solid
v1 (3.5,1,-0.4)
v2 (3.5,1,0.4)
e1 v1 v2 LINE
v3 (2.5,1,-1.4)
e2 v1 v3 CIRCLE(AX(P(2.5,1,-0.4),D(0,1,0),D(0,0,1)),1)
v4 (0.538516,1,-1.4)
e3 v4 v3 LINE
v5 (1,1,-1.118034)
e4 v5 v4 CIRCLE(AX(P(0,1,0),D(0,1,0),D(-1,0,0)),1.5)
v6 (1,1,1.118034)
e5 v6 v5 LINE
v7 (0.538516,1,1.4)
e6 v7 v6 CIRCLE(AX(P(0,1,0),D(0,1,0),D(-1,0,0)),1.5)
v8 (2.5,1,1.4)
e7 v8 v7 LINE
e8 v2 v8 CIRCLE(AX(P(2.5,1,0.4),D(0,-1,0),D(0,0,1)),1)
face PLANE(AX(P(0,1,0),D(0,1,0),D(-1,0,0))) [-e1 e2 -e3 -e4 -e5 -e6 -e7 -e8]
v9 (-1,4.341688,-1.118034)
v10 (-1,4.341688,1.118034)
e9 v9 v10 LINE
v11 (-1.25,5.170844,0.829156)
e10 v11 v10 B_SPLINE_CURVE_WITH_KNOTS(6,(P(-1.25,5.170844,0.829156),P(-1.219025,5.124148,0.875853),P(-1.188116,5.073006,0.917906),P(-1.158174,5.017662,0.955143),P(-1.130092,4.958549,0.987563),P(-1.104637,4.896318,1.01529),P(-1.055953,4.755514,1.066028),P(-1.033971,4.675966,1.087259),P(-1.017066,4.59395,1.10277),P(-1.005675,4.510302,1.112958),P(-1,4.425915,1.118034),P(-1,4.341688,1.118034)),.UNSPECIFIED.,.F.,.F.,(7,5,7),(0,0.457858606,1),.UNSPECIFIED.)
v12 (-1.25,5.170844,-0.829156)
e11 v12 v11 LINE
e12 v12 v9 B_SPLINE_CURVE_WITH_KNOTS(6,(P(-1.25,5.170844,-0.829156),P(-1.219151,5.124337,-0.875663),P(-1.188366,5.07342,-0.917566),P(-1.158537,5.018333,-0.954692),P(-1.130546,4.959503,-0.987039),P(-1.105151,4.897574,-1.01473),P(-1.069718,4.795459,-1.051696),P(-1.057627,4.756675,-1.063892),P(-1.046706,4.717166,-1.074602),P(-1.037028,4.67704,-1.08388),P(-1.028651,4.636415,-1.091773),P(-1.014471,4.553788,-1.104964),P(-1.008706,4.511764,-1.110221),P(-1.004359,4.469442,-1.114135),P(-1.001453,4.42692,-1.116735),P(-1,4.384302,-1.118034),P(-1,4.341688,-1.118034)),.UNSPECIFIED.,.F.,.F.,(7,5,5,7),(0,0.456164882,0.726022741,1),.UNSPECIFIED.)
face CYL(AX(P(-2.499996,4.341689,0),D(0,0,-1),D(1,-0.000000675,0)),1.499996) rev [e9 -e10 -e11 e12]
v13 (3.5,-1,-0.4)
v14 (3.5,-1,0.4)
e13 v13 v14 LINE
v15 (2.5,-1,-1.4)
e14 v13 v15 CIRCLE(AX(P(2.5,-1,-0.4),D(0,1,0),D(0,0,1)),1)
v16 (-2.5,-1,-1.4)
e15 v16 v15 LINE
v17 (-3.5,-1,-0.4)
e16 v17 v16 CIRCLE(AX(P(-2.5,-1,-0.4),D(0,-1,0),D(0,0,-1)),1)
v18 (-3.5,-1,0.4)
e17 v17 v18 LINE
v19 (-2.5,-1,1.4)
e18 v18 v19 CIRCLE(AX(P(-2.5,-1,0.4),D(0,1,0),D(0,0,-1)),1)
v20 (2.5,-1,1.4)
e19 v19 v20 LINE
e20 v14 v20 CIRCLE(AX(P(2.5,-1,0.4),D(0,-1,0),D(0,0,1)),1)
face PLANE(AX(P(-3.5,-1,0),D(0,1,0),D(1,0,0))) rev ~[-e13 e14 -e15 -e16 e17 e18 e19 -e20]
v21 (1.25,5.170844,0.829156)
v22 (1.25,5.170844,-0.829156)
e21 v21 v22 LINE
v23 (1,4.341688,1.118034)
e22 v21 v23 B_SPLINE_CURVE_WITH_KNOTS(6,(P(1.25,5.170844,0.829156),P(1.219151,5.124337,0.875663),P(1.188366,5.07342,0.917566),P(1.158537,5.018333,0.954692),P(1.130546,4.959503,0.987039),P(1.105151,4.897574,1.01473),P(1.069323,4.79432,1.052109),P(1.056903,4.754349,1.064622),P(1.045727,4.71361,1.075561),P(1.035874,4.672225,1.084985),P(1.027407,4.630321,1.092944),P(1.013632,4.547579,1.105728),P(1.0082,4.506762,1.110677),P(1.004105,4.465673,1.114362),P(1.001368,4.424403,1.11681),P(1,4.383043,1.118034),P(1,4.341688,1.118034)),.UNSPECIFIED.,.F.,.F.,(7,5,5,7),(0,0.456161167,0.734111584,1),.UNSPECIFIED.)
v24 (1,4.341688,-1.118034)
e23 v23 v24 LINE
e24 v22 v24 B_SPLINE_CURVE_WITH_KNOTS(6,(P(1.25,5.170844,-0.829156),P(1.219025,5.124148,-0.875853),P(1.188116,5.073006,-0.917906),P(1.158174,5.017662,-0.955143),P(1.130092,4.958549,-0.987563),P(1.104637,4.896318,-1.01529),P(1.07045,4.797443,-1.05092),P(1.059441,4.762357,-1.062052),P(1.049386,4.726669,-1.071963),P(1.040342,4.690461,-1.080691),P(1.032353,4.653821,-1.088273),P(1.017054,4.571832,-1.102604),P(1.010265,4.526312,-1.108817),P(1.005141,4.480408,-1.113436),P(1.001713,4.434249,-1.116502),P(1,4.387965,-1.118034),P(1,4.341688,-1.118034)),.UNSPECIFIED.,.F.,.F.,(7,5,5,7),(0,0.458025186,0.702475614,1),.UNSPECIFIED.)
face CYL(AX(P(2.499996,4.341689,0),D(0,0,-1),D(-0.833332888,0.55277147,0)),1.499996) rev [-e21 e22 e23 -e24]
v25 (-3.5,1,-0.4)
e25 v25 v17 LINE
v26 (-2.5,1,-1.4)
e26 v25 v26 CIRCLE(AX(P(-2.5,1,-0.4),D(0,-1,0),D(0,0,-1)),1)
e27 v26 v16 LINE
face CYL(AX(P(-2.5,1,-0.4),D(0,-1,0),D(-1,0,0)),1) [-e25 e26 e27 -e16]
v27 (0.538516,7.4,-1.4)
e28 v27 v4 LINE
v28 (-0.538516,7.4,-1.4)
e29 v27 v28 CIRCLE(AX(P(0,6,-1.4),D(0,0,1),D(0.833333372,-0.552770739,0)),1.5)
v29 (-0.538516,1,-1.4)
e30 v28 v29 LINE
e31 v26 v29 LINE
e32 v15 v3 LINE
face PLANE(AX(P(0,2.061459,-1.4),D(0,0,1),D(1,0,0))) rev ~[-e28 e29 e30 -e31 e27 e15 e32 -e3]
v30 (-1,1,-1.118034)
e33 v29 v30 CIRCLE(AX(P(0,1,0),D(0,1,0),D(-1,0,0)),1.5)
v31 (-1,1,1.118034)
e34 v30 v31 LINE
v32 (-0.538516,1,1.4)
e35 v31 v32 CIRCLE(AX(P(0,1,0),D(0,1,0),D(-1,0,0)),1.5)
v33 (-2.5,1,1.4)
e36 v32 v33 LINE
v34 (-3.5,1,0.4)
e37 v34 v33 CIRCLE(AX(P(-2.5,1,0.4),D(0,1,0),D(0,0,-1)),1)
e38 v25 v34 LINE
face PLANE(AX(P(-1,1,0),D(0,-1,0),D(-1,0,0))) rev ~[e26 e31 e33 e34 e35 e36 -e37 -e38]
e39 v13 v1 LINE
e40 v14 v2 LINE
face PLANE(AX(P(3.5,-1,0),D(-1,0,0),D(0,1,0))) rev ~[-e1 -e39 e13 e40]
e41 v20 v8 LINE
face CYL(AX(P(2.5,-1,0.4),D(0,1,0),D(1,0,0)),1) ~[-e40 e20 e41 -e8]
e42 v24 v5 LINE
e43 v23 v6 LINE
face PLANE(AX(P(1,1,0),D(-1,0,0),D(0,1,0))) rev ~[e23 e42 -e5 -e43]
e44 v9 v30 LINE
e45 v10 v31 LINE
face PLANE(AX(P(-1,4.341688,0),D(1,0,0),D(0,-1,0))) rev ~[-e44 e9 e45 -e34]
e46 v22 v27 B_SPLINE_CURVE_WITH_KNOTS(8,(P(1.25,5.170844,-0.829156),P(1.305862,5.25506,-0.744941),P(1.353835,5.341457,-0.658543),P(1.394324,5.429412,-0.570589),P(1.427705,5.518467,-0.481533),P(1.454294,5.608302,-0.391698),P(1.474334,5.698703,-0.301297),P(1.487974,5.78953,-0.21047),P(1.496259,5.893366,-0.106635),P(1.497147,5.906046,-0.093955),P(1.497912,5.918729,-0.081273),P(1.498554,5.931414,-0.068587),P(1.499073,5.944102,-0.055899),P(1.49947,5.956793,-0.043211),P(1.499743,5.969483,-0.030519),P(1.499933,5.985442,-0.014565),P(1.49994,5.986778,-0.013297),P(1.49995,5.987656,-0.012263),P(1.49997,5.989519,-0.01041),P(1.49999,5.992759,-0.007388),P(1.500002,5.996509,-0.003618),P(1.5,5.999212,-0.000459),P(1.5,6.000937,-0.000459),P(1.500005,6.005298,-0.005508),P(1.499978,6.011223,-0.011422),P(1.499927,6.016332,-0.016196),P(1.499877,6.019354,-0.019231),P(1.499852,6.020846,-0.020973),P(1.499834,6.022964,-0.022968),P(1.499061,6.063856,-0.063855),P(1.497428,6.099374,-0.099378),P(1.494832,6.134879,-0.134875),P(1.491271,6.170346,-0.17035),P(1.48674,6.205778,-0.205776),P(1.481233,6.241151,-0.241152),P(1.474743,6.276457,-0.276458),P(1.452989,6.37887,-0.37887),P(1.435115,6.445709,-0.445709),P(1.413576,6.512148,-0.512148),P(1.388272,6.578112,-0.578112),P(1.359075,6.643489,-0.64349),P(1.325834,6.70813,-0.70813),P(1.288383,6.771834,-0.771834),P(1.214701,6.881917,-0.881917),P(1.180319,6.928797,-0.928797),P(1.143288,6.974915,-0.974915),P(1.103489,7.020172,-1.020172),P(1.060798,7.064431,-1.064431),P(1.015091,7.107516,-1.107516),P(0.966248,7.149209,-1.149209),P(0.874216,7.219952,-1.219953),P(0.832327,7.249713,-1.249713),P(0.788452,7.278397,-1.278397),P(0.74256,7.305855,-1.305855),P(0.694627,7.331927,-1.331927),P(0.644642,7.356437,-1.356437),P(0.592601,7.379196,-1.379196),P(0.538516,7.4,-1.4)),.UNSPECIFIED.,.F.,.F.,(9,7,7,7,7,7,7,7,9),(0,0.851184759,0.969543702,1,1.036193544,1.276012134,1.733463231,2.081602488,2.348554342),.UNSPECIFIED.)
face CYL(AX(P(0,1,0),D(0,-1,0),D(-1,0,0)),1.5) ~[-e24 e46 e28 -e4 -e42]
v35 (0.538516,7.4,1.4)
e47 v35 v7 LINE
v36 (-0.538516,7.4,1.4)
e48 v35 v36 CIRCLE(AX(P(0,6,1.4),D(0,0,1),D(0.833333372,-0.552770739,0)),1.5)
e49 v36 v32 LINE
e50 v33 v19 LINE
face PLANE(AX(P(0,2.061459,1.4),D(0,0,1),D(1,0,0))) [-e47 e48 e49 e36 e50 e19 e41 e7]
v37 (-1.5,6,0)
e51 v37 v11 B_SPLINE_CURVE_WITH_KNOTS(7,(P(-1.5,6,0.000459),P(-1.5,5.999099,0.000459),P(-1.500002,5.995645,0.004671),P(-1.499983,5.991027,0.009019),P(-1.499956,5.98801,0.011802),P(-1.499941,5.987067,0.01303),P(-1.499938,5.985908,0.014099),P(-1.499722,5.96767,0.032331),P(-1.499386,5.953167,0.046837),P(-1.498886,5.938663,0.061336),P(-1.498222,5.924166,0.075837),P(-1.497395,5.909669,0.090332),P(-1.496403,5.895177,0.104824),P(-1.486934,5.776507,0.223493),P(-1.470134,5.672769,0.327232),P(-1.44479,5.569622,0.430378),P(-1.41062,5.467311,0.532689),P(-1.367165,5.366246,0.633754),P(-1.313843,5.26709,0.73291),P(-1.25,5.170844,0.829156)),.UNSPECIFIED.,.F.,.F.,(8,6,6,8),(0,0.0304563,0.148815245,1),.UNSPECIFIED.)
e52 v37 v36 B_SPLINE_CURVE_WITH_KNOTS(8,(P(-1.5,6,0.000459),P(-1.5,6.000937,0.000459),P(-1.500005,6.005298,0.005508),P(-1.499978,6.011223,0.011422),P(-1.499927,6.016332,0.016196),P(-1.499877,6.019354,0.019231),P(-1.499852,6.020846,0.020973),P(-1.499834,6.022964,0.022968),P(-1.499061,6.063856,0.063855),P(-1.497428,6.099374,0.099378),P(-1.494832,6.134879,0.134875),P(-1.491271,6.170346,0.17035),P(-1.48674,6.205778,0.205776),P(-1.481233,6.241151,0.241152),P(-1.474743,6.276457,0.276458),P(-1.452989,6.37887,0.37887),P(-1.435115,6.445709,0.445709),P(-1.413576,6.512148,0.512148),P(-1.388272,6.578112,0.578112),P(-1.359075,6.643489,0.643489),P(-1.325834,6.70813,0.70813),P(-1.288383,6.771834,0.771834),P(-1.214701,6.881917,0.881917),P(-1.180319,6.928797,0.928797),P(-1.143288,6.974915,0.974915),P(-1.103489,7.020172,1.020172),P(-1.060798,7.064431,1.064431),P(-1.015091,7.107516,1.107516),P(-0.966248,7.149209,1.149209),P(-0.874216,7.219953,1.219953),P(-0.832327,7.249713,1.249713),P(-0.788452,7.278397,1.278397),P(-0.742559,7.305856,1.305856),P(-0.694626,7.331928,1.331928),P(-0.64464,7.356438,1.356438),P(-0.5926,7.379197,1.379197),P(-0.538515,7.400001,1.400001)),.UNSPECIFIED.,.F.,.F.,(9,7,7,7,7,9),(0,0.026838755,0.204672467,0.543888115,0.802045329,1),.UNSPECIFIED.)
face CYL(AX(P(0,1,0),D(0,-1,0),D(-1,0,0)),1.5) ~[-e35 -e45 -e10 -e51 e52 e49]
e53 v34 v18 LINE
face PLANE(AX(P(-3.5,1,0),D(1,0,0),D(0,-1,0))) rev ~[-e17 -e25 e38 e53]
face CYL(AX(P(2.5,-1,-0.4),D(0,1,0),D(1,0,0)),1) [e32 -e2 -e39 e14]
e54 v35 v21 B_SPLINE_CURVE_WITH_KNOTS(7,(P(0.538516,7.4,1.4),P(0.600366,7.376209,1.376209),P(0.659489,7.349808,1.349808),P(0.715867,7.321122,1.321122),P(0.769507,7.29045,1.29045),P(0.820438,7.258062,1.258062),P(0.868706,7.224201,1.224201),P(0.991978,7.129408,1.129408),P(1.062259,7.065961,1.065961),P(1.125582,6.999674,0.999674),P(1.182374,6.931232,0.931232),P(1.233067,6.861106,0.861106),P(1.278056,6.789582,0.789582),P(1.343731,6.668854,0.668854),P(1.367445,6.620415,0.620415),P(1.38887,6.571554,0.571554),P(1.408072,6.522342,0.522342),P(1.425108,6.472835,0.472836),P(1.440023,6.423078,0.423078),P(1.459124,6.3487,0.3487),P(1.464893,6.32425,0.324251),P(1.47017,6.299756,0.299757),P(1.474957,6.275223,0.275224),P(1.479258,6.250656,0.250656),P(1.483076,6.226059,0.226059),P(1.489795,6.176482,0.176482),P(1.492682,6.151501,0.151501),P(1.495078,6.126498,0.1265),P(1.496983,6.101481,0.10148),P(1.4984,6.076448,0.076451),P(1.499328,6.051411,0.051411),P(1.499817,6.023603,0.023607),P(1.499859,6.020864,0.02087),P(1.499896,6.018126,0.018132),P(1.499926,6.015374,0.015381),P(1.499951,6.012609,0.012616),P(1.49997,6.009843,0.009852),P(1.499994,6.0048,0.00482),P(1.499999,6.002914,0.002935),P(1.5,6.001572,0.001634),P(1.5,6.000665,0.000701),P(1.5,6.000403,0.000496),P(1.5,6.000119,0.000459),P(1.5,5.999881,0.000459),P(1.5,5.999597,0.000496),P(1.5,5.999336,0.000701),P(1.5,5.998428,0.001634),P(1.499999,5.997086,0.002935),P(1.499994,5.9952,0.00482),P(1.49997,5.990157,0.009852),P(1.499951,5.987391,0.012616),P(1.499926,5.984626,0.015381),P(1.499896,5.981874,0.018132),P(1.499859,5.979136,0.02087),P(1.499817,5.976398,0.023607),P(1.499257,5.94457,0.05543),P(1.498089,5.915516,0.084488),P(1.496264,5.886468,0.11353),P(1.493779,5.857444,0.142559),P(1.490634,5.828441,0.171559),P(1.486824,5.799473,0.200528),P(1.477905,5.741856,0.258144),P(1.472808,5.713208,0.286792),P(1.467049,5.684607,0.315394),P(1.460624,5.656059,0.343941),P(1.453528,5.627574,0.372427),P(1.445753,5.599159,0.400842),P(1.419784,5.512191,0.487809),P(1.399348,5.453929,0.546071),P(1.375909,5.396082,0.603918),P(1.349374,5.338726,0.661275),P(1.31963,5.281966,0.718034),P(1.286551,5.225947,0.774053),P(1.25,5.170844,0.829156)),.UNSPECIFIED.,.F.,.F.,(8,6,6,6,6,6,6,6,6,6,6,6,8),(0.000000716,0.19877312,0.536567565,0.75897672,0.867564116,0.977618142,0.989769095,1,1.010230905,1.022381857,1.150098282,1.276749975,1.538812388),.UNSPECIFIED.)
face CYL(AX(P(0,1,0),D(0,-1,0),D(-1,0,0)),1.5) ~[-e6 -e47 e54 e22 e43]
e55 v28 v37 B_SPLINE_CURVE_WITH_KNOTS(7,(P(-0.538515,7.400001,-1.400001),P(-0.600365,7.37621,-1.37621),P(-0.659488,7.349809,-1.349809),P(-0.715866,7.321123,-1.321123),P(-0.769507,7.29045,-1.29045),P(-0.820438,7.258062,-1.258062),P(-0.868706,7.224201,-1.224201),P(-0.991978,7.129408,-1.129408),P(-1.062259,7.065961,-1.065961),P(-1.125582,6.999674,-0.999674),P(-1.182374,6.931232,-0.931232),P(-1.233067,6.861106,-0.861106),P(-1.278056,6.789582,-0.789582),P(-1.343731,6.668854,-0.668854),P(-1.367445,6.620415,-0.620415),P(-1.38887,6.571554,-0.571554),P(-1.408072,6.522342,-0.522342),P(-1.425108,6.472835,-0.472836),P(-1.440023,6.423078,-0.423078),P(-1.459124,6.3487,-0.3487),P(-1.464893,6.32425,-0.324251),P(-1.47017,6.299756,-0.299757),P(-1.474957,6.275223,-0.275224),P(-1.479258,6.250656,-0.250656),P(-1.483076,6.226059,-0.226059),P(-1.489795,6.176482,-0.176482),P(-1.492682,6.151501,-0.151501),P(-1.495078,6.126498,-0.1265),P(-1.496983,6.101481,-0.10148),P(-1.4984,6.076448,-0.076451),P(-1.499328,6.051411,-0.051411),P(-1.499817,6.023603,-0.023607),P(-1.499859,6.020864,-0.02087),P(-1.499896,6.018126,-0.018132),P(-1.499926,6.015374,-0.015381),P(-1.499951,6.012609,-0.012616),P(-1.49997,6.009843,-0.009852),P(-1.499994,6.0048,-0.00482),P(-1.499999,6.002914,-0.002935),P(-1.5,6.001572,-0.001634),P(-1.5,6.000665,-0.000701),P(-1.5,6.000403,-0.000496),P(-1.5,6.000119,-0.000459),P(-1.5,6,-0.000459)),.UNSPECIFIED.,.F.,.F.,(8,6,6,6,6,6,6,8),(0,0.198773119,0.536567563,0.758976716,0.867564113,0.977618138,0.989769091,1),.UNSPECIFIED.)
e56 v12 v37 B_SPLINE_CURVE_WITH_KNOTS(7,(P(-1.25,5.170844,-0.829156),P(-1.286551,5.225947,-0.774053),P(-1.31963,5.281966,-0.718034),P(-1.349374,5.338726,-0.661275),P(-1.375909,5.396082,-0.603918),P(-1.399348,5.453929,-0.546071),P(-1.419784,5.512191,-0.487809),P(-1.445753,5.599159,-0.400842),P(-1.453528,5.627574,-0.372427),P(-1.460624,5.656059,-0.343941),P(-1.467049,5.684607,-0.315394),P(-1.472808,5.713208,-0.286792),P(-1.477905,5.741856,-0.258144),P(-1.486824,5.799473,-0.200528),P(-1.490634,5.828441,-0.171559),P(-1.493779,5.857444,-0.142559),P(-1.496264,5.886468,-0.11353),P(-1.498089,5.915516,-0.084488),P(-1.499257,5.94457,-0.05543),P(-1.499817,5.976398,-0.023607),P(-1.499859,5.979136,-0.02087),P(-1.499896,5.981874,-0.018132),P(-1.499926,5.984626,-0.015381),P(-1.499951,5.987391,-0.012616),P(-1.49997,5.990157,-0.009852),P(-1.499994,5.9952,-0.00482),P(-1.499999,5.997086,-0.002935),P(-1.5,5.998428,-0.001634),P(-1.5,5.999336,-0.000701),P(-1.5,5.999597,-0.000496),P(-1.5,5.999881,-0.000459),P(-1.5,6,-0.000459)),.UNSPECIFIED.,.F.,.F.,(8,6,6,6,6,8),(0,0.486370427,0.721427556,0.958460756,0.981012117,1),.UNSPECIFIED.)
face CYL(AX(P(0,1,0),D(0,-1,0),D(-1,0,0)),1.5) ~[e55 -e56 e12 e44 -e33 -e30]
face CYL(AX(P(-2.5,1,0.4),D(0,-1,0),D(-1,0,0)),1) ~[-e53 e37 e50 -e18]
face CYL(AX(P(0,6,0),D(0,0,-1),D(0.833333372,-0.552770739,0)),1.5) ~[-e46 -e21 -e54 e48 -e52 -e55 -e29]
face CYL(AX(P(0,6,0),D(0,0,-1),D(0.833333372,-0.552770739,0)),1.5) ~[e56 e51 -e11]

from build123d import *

# Parameters (mm, degrees)
PAD061_DEPTH      = 1.4
PAD061_DEPTH_BACK = 1.4
SKETCH083_R       = 2.5
SKETCH083_R_2     = 1.5
POCKET035_DEPTH   = 7
FILLET036_R       = 1


with BuildPart() as part:
    # Sketch082 → Pad061 (new body, two sides)
    with BuildSketch(Plane.XY) as pad061_sk:
        with BuildLine():
            ThreePointArc((1.25, 5.170844), (0, 7.5), (-1.25, 5.170844))
            ThreePointArc((-1, 4.341688), (-1.063859, 4.7747), (-1.25, 5.170844))
            Line((-1, 4.341688), (-1, 1))
            Line((-1, 1), (-3.5, 1))
            Line((-3.5, 1), (-3.5, -1))
            Line((-3.5, -1), (3.5, -1))
            Line((3.5, -1), (3.5, 1))
            Line((3.5, 1), (1, 1))
            Line((1, 1), (1, 4.341688))
            ThreePointArc((1.25, 5.170844), (1.063859, 4.7747), (1, 4.341688))
        make_face()
    extrude(amount=-PAD061_DEPTH)
    extrude(pad061_sk.sketch, amount=PAD061_DEPTH_BACK)

    # Sketch083 (on Face4 of Pad061) → Pocket035 (cut)
    with BuildSketch(Plane(origin=(0, 1, 0), x_dir=(-1, 0, 0), z_dir=(0, 1, 0))):
        Circle(SKETCH083_R)
        Circle(SKETCH083_R_2, mode=Mode.SUBTRACT)
    extrude(amount=POCKET035_DEPTH, mode=Mode.SUBTRACT)

    # Fillet036
    fillet036_edges = [part.edges().sort_by_distance(p)[0] for p in [
        (-3.5, 0, -1.4),
        (-3.5, 0, 1.4),
        (3.5, 0, 1.4),
        (3.5, 0, -1.4),
    ]]
    fillet(fillet036_edges, radius=FILLET036_R)


solid = part.part
